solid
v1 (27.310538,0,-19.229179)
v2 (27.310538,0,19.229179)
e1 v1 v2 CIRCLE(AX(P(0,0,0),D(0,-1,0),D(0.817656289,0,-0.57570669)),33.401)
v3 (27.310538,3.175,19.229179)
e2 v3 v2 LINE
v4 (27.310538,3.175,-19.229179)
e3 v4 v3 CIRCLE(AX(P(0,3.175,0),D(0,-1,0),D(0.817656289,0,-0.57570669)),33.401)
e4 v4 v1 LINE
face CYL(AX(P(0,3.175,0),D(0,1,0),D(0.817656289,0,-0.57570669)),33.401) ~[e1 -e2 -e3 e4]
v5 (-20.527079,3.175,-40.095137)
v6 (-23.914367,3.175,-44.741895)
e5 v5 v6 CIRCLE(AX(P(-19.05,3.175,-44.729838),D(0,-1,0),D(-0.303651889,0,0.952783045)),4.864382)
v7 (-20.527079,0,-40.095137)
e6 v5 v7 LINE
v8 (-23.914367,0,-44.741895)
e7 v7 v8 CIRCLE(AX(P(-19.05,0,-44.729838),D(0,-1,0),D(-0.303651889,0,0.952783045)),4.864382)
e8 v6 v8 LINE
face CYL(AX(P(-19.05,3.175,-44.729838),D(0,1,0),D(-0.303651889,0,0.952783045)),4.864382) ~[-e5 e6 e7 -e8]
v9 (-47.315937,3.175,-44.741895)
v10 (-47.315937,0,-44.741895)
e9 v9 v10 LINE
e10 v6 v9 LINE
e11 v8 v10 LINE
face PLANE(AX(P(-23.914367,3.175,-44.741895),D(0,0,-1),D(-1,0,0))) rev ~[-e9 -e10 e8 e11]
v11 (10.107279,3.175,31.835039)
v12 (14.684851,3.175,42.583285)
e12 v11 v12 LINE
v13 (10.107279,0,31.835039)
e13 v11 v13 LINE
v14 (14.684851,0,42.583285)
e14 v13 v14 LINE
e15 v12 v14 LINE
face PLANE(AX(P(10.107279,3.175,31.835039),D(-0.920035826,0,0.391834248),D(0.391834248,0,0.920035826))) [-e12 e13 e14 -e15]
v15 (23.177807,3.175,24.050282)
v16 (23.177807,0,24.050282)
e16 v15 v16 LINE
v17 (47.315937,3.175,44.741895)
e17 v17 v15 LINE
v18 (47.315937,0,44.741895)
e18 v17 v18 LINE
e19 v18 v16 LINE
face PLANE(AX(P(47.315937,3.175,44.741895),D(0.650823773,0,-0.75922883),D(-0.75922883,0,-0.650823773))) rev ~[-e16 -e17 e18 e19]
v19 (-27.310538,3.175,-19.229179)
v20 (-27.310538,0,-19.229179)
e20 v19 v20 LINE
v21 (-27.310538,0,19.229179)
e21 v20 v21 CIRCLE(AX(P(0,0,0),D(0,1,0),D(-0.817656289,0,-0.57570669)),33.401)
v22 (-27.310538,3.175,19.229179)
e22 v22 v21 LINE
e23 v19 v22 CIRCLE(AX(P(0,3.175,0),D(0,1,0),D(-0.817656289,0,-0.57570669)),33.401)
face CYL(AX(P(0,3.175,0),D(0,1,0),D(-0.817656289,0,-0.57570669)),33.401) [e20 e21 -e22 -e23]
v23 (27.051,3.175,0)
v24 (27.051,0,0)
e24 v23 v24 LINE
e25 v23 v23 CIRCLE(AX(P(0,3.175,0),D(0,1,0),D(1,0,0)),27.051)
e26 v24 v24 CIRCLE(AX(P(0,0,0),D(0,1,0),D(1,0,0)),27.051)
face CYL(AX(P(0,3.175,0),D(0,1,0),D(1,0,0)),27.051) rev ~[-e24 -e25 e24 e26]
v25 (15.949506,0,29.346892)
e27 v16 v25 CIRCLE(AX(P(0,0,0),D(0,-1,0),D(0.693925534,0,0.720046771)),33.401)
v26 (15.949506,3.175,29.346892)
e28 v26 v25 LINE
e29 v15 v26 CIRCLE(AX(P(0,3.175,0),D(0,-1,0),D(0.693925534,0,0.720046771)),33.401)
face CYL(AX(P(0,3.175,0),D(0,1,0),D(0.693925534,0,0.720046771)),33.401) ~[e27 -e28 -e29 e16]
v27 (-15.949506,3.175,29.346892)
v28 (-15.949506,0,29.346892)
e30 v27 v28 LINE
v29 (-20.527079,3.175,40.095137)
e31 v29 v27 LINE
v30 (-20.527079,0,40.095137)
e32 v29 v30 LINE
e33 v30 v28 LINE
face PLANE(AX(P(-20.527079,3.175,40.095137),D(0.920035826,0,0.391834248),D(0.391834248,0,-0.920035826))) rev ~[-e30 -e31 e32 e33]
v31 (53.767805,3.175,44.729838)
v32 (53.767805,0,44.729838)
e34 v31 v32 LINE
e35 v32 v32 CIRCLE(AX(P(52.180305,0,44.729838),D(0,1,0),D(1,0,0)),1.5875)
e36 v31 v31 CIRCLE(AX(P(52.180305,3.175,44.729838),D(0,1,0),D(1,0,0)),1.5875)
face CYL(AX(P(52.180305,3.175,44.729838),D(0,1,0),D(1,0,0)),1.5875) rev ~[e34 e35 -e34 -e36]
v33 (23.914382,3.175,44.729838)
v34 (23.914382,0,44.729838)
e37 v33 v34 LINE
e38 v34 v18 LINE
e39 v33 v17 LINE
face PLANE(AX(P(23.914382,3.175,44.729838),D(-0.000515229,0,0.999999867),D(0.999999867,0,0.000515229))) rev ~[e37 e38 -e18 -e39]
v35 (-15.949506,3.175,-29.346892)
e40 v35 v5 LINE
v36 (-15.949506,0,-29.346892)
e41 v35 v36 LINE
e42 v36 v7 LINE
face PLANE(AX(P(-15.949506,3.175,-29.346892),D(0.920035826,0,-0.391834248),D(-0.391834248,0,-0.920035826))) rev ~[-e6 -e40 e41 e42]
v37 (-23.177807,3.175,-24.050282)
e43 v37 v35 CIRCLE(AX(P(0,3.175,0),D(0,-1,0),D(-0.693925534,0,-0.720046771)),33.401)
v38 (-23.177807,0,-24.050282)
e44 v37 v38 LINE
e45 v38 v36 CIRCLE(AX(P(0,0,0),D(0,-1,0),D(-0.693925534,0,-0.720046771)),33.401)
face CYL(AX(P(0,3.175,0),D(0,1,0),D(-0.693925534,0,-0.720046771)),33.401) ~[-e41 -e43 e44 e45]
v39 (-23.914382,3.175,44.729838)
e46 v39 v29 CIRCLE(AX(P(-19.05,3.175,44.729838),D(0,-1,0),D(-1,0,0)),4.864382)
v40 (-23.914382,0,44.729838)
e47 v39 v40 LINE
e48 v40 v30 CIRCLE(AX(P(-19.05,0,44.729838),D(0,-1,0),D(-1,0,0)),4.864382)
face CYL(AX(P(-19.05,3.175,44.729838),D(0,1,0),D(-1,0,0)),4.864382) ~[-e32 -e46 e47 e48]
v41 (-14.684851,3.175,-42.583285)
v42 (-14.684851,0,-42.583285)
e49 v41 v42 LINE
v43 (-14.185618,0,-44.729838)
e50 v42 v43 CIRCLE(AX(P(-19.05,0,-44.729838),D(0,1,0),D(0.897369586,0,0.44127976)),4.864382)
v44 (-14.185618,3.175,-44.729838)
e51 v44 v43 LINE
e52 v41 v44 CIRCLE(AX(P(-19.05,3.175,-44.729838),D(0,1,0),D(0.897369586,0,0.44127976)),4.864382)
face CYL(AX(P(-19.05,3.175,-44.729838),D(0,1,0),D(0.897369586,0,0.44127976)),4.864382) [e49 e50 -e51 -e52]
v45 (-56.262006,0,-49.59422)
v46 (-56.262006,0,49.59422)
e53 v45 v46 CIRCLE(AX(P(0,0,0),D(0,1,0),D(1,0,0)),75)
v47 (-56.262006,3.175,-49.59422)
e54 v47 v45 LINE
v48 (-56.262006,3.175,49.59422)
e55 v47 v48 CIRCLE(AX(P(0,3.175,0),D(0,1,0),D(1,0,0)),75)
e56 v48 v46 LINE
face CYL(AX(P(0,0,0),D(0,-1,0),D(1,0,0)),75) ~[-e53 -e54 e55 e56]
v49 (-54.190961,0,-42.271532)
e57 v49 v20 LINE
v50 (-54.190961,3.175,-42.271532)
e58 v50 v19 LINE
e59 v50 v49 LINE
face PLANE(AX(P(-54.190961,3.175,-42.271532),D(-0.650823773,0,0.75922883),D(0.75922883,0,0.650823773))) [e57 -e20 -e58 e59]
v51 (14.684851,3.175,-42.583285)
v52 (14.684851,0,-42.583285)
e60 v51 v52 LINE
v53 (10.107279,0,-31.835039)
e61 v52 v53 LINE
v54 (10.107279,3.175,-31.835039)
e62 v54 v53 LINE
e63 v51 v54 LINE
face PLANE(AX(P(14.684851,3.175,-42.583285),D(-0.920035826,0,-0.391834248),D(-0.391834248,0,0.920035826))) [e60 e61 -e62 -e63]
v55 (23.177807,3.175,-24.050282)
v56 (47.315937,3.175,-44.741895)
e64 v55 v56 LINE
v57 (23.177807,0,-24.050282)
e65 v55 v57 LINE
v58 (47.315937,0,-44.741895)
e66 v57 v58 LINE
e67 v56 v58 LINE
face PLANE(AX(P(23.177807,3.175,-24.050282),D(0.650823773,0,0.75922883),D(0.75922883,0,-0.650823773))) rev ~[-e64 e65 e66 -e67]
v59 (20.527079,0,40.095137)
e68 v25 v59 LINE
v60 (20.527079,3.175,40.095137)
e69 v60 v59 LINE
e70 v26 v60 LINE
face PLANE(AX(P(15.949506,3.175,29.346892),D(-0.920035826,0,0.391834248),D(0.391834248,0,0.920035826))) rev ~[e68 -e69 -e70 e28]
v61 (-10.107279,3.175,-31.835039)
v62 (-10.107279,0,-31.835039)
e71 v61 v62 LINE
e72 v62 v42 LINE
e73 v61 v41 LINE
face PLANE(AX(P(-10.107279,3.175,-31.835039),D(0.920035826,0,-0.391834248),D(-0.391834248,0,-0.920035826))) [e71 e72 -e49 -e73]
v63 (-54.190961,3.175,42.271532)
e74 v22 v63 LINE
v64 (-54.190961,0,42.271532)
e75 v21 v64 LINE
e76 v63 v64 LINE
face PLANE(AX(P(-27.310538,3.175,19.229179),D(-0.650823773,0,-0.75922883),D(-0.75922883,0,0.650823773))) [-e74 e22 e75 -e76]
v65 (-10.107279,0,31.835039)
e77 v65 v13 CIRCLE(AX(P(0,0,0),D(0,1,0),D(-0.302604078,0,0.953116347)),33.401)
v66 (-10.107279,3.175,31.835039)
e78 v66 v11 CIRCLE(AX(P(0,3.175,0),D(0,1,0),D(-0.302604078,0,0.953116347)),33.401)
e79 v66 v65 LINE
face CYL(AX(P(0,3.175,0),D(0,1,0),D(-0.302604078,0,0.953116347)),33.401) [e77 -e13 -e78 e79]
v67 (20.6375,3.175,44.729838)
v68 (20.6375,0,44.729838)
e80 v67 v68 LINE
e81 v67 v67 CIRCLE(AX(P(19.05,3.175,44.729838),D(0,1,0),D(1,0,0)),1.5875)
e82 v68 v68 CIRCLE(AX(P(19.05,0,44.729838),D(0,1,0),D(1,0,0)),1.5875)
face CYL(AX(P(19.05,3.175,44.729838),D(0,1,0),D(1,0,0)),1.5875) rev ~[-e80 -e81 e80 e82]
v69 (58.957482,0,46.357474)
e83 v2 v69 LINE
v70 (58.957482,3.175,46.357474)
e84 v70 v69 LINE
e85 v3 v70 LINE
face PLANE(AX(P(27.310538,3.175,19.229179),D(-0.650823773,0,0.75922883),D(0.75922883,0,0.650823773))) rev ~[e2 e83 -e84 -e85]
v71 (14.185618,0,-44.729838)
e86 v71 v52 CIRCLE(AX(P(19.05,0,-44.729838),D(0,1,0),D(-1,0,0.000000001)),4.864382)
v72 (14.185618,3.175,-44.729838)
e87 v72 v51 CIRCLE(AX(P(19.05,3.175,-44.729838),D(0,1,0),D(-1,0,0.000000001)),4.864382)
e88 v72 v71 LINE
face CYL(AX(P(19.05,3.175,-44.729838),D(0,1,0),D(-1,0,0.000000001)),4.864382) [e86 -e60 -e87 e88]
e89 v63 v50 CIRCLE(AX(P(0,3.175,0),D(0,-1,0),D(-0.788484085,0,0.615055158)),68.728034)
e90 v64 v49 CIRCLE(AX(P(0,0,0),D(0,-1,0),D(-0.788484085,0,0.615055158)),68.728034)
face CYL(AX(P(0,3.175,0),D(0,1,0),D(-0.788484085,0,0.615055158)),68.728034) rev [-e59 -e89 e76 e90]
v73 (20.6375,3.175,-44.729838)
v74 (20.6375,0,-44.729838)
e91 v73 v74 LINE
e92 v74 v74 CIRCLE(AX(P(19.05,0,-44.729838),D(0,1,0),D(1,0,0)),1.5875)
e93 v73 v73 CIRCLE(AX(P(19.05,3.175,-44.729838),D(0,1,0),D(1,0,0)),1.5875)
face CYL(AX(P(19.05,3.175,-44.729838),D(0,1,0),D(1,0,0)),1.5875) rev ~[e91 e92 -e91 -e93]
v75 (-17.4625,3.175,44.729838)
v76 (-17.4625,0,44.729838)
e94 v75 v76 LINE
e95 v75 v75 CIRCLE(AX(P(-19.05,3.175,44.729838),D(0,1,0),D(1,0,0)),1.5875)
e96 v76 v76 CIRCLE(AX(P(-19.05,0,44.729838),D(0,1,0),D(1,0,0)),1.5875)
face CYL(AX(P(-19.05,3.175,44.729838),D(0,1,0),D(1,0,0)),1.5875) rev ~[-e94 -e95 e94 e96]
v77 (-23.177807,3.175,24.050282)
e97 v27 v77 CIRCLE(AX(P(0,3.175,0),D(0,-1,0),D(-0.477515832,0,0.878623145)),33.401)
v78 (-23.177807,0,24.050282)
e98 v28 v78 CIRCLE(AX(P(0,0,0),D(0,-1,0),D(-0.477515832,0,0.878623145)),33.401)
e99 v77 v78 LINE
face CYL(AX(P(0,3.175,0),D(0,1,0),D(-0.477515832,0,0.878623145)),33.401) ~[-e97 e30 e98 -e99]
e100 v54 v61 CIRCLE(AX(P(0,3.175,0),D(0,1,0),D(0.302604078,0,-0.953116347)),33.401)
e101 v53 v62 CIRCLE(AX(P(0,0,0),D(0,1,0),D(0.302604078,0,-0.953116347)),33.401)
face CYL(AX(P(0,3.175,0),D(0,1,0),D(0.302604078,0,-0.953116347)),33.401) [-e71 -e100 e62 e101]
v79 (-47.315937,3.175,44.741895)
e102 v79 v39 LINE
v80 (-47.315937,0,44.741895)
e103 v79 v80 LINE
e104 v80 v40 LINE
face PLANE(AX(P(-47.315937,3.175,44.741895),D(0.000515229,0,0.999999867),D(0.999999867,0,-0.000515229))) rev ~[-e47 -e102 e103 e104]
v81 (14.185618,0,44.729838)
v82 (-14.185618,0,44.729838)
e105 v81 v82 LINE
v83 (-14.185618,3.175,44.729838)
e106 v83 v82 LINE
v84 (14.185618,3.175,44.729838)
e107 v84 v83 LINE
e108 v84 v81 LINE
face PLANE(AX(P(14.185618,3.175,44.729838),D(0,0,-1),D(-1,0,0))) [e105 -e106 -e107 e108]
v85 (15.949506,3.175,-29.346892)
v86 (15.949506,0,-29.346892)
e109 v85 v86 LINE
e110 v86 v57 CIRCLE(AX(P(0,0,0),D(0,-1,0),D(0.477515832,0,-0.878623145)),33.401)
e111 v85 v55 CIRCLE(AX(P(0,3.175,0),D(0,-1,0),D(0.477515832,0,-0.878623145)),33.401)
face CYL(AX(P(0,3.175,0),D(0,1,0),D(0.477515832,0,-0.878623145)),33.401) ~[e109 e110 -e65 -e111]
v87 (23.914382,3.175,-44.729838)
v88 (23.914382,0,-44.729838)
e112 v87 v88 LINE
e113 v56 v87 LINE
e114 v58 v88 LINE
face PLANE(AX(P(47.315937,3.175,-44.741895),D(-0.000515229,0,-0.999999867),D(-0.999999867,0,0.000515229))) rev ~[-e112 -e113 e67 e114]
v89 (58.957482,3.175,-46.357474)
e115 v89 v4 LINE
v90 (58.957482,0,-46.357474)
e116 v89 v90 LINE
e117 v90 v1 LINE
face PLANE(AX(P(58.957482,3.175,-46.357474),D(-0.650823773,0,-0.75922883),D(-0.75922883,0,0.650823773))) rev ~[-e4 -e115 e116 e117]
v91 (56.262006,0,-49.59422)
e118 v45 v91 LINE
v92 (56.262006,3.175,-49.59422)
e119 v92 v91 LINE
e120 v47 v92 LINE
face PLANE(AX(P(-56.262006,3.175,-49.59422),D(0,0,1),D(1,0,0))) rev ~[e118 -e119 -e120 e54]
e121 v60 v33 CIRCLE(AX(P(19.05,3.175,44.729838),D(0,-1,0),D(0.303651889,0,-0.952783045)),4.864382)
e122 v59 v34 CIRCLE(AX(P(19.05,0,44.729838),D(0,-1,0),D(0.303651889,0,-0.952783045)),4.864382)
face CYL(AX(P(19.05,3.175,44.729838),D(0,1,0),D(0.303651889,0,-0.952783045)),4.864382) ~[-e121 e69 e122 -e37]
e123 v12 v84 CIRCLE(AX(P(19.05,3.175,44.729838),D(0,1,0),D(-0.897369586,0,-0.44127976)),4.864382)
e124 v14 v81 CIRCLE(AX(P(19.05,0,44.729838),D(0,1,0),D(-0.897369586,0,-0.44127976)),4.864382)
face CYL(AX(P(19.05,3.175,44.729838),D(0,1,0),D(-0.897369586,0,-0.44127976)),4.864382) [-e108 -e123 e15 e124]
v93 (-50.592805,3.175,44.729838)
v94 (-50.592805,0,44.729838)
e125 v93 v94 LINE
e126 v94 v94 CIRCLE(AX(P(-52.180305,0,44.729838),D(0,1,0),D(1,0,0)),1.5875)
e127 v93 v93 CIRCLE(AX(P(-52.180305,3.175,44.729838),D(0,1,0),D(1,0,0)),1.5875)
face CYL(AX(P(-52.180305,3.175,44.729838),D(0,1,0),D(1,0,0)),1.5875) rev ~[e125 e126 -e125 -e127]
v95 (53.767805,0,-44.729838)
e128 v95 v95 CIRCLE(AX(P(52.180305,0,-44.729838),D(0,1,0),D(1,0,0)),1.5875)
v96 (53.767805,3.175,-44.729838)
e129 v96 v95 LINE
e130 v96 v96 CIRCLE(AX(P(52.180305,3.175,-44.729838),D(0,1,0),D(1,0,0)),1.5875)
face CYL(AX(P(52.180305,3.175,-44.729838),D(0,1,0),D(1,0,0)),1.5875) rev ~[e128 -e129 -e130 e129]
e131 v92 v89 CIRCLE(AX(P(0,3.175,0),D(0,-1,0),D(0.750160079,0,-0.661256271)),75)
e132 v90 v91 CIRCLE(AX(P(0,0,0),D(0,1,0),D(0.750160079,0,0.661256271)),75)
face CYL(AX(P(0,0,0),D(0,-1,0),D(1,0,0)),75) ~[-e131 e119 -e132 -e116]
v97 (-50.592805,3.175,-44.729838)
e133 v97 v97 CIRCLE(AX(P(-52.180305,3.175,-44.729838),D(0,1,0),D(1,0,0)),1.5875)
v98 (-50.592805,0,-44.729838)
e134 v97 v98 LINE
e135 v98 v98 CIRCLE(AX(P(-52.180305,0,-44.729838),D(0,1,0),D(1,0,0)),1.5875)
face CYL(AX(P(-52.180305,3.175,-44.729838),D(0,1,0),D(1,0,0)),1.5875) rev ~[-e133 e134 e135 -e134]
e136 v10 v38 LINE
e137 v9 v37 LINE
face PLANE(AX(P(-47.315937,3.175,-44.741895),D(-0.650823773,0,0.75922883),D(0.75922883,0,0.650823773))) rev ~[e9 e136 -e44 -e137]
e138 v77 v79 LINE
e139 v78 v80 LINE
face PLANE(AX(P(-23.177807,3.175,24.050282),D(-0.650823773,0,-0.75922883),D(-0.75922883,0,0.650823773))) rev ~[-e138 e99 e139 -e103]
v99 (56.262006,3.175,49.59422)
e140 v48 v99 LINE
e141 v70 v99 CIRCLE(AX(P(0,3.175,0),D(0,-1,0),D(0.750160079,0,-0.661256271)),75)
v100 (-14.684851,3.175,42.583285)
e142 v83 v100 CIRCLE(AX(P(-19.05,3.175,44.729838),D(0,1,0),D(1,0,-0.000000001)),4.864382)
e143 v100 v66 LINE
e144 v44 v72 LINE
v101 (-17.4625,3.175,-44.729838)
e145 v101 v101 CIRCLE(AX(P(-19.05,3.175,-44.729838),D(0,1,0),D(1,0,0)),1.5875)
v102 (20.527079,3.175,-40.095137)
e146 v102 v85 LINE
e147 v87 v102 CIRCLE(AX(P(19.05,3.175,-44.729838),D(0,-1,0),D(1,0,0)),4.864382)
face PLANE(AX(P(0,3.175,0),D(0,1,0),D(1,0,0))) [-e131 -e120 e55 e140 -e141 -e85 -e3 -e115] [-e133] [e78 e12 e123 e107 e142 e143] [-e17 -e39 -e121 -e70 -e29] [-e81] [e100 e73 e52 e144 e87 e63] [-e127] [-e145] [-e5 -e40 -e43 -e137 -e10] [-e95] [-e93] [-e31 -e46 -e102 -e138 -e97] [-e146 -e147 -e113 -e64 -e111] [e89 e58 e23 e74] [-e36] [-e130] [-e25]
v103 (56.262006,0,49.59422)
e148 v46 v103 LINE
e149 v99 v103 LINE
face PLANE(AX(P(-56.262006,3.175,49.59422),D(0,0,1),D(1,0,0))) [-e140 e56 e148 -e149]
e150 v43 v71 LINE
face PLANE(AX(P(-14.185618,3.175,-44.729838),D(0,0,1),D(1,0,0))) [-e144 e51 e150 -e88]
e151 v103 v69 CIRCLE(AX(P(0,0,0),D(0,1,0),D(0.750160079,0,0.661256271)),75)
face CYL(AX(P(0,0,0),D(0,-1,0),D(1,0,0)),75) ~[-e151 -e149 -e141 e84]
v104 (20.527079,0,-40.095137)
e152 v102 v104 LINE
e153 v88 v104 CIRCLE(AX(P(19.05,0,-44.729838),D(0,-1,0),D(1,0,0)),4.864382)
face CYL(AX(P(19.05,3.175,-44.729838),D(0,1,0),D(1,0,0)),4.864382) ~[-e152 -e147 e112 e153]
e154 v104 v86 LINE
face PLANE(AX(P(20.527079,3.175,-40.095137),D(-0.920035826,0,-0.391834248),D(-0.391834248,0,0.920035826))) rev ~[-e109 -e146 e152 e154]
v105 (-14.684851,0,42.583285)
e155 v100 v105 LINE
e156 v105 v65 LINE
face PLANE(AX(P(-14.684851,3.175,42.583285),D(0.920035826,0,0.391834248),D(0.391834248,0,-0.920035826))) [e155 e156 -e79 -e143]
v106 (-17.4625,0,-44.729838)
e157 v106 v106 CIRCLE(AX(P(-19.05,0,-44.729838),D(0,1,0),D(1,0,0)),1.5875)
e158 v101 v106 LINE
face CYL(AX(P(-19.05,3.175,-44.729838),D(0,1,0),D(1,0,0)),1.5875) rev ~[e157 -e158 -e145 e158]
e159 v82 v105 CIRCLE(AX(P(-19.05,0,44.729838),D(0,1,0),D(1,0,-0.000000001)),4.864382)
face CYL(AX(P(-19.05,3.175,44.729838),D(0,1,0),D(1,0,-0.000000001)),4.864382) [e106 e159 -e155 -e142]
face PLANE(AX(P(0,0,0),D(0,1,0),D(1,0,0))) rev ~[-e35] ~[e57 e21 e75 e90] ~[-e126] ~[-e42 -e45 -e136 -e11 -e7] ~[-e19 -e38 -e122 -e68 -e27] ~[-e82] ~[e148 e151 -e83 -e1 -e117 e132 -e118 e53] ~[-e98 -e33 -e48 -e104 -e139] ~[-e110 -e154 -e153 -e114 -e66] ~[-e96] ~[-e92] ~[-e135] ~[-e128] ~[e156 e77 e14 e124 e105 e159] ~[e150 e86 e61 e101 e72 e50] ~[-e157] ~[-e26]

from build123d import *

# Parameters (mm, degrees)
SKETCH1_R           = 75
BOSS_EXTRUDE1_DEPTH = 3.175
CUT_EXTRUDE1_DEPTH  = 3.175
SKETCH3_R           = 1.5875
CUT_EXTRUDE2_DEPTH  = 3.175
SKETCH4_R           = 27.051
CUT_EXTRUDE3_DEPTH  = 3.175
CUT_EXTRUDE4_DEPTH  = 3.175


with BuildPart() as part:
    # Sketch1 → Boss-Extrude1 (new body)
    with BuildSketch(Plane(origin=(0, 0, 0), x_dir=(1, 0, 0), z_dir=(0, 1, 0))):
        Circle(SKETCH1_R)
    extrude(amount=BOSS_EXTRUDE1_DEPTH)

    # Sketch2 → Cut-Extrude1 (cut)
    with BuildSketch(Plane(origin=(0, 3.175, 0), x_dir=(1, 0, 0), z_dir=(0, 1, 0))):
        with BuildLine():
            Line((-56.262005909, -49.594220339), (56.262005909, -49.594220339))
            ThreePointArc((56.262005909, -49.594220339), (0, -75), (-56.262005909, -49.594220339))
        make_face()
        with BuildLine():
            Line((-56.262005909, 49.594220339), (56.262005909, 49.594220339))
            ThreePointArc((56.262005909, 49.594220339), (0, 75), (-56.262005909, 49.594220339))
        make_face()
    extrude(amount=-CUT_EXTRUDE1_DEPTH, mode=Mode.SUBTRACT)

    # Sketch3 → Cut-Extrude2 (cut)
    with BuildSketch(Plane(origin=(0, 3.175, 0), x_dir=(1, 0, 0), z_dir=(0, 1, 0))):
        with Locations((-52.180304588, 44.729838125)):
            Circle(SKETCH3_R)
        with Locations((-19.05, 44.729838125)):
            Circle(SKETCH3_R)
        with Locations((19.05, 44.729838125)):
            Circle(SKETCH3_R)
        with Locations((52.180304588, 44.729838125)):
            Circle(SKETCH3_R)
        with Locations((52.180304588, -44.729838125)):
            Circle(SKETCH3_R)
        with Locations((19.05, -44.729838125)):
            Circle(SKETCH3_R)
        with Locations((-19.05, -44.729838125)):
            Circle(SKETCH3_R)
        with Locations((-52.180304588, -44.729838125)):
            Circle(SKETCH3_R)
    extrude(amount=-CUT_EXTRUDE2_DEPTH, mode=Mode.SUBTRACT)

    # Sketch4 → Cut-Extrude3 (cut)
    with BuildSketch(Plane(origin=(0, 3.175, 0), x_dir=(1, 0, 0), z_dir=(0, 1, 0))):
        with BuildLine():
            Line((-47.315937317, 44.741895283), (-23.177806764, 24.050282215))
            ThreePointArc((-23.177806764, 24.050282215), (-19.742091457, 26.942097653), (-15.949506316, 29.346891646))
            Line((-15.949506316, 29.346891646), (-20.527078848, 40.095137229))
            ThreePointArc((-20.527078848, 40.095137229), (-22.980849122, 41.864416778), (-23.914367271, 44.741895283))
            Line((-23.914367271, 44.741895283), (-47.315937317, 44.741895283))
        make_face()
        with BuildLine():
            ThreePointArc((10.107278818, 31.835039122), (0, 33.401), (-10.107278818, 31.835039122))
            Line((-10.107278818, 31.835039122), (-14.68485135, 42.583284705))
            ThreePointArc((-14.68485135, 42.583284705), (-14.312069768, 43.627916425), (-14.185617786, 44.729838125))
            Line((-14.185617786, 44.729838125), (14.185617786, 44.729838125))
            ThreePointArc((14.185617786, 44.729838125), (14.312069768, 43.627916425), (14.68485135, 42.583284705))
            Line((14.68485135, 42.583284705), (10.107278818, 31.835039122))
        make_face()
        with BuildLine():
            ThreePointArc((15.949506316, 29.346891646), (19.742091457, 26.942097653), (23.177806764, 24.050282215))
            Line((23.177806764, 24.050282215), (47.315937317, 44.741895283))
            Line((47.315937317, 44.741895283), (23.914382214, 44.729838125))
            ThreePointArc((23.914382214, 44.729838125), (22.977294896, 41.859547352), (20.527078848, 40.095137229))
            Line((20.527078848, 40.095137229), (15.949506316, 29.346891646))
        make_face()
        Circle(SKETCH4_R)
        with BuildLine():
            Line((-23.177806764, -24.050282215), (-47.315937317, -44.741895283))
            Line((-47.315937317, -44.741895283), (-23.914382214, -44.729838125))
            ThreePointArc((-23.914382214, -44.729838125), (-22.977294896, -41.859547352), (-20.527078848, -40.095137229))
            Line((-20.527078848, -40.095137229), (-15.949506316, -29.346891646))
            ThreePointArc((-15.949506316, -29.346891646), (-19.742091457, -26.942097653), (-23.177806764, -24.050282215))
        make_face()
        with BuildLine():
            ThreePointArc((-10.107278818, -31.835039122), (0, -33.401), (10.107278818, -31.835039122))
            Line((10.107278818, -31.835039122), (14.68485135, -42.583284705))
            ThreePointArc((14.68485135, -42.583284705), (14.312069768, -43.627916425), (14.185617786, -44.729838125))
            Line((14.185617786, -44.729838125), (-14.185617786, -44.729838125))
            ThreePointArc((-14.185617786, -44.729838125), (-14.312069768, -43.627916425), (-14.68485135, -42.583284705))
            Line((-14.68485135, -42.583284705), (-10.107278818, -31.835039122))
        make_face()
        with BuildLine():
            ThreePointArc((23.177806764, -24.050282215), (19.742091457, -26.942097653), (15.949506316, -29.346891646))
            Line((15.949506316, -29.346891646), (20.527078848, -40.095137229))
            ThreePointArc((20.527078848, -40.095137229), (22.977294896, -41.859547352), (23.914382214, -44.729838125))
            Line((23.914382214, -44.729838125), (47.315937317, -44.741895283))
            Line((47.315937317, -44.741895283), (23.177806764, -24.050282215))
        make_face()
    extrude(amount=-CUT_EXTRUDE3_DEPTH, mode=Mode.SUBTRACT)

    # Sketch5 → Cut-Extrude4 (cut)
    with BuildSketch(Plane(origin=(0, 3.175, 0), x_dir=(1, 0, 0), z_dir=(0, 1, 0))):
        with BuildLine():
            Line((58.957481542, 46.357473725), (27.31053772, 19.229179141))
            ThreePointArc((27.31053772, 19.229179141), (33.401, 0), (27.31053772, -19.229179141))
            Line((27.31053772, -19.229179141), (58.957481542, -46.357473725))
            ThreePointArc((58.957481542, -46.357473725), (75, 0), (58.957481542, 46.357473725))
        make_face()
        with BuildLine():
            Line((-54.190960711, 42.271531589), (-27.31053772, 19.229179141))
            ThreePointArc((-27.31053772, 19.229179141), (-33.401, 0), (-27.31053772, -19.229179141))
            Line((-27.31053772, -19.229179141), (-54.190960711, -42.271531589))
            ThreePointArc((-54.190960711, -42.271531589), (-68.728033622, 0), (-54.190960711, 42.271531589))
        make_face()
    extrude(amount=-CUT_EXTRUDE4_DEPTH, mode=Mode.SUBTRACT)


solid = part.part
